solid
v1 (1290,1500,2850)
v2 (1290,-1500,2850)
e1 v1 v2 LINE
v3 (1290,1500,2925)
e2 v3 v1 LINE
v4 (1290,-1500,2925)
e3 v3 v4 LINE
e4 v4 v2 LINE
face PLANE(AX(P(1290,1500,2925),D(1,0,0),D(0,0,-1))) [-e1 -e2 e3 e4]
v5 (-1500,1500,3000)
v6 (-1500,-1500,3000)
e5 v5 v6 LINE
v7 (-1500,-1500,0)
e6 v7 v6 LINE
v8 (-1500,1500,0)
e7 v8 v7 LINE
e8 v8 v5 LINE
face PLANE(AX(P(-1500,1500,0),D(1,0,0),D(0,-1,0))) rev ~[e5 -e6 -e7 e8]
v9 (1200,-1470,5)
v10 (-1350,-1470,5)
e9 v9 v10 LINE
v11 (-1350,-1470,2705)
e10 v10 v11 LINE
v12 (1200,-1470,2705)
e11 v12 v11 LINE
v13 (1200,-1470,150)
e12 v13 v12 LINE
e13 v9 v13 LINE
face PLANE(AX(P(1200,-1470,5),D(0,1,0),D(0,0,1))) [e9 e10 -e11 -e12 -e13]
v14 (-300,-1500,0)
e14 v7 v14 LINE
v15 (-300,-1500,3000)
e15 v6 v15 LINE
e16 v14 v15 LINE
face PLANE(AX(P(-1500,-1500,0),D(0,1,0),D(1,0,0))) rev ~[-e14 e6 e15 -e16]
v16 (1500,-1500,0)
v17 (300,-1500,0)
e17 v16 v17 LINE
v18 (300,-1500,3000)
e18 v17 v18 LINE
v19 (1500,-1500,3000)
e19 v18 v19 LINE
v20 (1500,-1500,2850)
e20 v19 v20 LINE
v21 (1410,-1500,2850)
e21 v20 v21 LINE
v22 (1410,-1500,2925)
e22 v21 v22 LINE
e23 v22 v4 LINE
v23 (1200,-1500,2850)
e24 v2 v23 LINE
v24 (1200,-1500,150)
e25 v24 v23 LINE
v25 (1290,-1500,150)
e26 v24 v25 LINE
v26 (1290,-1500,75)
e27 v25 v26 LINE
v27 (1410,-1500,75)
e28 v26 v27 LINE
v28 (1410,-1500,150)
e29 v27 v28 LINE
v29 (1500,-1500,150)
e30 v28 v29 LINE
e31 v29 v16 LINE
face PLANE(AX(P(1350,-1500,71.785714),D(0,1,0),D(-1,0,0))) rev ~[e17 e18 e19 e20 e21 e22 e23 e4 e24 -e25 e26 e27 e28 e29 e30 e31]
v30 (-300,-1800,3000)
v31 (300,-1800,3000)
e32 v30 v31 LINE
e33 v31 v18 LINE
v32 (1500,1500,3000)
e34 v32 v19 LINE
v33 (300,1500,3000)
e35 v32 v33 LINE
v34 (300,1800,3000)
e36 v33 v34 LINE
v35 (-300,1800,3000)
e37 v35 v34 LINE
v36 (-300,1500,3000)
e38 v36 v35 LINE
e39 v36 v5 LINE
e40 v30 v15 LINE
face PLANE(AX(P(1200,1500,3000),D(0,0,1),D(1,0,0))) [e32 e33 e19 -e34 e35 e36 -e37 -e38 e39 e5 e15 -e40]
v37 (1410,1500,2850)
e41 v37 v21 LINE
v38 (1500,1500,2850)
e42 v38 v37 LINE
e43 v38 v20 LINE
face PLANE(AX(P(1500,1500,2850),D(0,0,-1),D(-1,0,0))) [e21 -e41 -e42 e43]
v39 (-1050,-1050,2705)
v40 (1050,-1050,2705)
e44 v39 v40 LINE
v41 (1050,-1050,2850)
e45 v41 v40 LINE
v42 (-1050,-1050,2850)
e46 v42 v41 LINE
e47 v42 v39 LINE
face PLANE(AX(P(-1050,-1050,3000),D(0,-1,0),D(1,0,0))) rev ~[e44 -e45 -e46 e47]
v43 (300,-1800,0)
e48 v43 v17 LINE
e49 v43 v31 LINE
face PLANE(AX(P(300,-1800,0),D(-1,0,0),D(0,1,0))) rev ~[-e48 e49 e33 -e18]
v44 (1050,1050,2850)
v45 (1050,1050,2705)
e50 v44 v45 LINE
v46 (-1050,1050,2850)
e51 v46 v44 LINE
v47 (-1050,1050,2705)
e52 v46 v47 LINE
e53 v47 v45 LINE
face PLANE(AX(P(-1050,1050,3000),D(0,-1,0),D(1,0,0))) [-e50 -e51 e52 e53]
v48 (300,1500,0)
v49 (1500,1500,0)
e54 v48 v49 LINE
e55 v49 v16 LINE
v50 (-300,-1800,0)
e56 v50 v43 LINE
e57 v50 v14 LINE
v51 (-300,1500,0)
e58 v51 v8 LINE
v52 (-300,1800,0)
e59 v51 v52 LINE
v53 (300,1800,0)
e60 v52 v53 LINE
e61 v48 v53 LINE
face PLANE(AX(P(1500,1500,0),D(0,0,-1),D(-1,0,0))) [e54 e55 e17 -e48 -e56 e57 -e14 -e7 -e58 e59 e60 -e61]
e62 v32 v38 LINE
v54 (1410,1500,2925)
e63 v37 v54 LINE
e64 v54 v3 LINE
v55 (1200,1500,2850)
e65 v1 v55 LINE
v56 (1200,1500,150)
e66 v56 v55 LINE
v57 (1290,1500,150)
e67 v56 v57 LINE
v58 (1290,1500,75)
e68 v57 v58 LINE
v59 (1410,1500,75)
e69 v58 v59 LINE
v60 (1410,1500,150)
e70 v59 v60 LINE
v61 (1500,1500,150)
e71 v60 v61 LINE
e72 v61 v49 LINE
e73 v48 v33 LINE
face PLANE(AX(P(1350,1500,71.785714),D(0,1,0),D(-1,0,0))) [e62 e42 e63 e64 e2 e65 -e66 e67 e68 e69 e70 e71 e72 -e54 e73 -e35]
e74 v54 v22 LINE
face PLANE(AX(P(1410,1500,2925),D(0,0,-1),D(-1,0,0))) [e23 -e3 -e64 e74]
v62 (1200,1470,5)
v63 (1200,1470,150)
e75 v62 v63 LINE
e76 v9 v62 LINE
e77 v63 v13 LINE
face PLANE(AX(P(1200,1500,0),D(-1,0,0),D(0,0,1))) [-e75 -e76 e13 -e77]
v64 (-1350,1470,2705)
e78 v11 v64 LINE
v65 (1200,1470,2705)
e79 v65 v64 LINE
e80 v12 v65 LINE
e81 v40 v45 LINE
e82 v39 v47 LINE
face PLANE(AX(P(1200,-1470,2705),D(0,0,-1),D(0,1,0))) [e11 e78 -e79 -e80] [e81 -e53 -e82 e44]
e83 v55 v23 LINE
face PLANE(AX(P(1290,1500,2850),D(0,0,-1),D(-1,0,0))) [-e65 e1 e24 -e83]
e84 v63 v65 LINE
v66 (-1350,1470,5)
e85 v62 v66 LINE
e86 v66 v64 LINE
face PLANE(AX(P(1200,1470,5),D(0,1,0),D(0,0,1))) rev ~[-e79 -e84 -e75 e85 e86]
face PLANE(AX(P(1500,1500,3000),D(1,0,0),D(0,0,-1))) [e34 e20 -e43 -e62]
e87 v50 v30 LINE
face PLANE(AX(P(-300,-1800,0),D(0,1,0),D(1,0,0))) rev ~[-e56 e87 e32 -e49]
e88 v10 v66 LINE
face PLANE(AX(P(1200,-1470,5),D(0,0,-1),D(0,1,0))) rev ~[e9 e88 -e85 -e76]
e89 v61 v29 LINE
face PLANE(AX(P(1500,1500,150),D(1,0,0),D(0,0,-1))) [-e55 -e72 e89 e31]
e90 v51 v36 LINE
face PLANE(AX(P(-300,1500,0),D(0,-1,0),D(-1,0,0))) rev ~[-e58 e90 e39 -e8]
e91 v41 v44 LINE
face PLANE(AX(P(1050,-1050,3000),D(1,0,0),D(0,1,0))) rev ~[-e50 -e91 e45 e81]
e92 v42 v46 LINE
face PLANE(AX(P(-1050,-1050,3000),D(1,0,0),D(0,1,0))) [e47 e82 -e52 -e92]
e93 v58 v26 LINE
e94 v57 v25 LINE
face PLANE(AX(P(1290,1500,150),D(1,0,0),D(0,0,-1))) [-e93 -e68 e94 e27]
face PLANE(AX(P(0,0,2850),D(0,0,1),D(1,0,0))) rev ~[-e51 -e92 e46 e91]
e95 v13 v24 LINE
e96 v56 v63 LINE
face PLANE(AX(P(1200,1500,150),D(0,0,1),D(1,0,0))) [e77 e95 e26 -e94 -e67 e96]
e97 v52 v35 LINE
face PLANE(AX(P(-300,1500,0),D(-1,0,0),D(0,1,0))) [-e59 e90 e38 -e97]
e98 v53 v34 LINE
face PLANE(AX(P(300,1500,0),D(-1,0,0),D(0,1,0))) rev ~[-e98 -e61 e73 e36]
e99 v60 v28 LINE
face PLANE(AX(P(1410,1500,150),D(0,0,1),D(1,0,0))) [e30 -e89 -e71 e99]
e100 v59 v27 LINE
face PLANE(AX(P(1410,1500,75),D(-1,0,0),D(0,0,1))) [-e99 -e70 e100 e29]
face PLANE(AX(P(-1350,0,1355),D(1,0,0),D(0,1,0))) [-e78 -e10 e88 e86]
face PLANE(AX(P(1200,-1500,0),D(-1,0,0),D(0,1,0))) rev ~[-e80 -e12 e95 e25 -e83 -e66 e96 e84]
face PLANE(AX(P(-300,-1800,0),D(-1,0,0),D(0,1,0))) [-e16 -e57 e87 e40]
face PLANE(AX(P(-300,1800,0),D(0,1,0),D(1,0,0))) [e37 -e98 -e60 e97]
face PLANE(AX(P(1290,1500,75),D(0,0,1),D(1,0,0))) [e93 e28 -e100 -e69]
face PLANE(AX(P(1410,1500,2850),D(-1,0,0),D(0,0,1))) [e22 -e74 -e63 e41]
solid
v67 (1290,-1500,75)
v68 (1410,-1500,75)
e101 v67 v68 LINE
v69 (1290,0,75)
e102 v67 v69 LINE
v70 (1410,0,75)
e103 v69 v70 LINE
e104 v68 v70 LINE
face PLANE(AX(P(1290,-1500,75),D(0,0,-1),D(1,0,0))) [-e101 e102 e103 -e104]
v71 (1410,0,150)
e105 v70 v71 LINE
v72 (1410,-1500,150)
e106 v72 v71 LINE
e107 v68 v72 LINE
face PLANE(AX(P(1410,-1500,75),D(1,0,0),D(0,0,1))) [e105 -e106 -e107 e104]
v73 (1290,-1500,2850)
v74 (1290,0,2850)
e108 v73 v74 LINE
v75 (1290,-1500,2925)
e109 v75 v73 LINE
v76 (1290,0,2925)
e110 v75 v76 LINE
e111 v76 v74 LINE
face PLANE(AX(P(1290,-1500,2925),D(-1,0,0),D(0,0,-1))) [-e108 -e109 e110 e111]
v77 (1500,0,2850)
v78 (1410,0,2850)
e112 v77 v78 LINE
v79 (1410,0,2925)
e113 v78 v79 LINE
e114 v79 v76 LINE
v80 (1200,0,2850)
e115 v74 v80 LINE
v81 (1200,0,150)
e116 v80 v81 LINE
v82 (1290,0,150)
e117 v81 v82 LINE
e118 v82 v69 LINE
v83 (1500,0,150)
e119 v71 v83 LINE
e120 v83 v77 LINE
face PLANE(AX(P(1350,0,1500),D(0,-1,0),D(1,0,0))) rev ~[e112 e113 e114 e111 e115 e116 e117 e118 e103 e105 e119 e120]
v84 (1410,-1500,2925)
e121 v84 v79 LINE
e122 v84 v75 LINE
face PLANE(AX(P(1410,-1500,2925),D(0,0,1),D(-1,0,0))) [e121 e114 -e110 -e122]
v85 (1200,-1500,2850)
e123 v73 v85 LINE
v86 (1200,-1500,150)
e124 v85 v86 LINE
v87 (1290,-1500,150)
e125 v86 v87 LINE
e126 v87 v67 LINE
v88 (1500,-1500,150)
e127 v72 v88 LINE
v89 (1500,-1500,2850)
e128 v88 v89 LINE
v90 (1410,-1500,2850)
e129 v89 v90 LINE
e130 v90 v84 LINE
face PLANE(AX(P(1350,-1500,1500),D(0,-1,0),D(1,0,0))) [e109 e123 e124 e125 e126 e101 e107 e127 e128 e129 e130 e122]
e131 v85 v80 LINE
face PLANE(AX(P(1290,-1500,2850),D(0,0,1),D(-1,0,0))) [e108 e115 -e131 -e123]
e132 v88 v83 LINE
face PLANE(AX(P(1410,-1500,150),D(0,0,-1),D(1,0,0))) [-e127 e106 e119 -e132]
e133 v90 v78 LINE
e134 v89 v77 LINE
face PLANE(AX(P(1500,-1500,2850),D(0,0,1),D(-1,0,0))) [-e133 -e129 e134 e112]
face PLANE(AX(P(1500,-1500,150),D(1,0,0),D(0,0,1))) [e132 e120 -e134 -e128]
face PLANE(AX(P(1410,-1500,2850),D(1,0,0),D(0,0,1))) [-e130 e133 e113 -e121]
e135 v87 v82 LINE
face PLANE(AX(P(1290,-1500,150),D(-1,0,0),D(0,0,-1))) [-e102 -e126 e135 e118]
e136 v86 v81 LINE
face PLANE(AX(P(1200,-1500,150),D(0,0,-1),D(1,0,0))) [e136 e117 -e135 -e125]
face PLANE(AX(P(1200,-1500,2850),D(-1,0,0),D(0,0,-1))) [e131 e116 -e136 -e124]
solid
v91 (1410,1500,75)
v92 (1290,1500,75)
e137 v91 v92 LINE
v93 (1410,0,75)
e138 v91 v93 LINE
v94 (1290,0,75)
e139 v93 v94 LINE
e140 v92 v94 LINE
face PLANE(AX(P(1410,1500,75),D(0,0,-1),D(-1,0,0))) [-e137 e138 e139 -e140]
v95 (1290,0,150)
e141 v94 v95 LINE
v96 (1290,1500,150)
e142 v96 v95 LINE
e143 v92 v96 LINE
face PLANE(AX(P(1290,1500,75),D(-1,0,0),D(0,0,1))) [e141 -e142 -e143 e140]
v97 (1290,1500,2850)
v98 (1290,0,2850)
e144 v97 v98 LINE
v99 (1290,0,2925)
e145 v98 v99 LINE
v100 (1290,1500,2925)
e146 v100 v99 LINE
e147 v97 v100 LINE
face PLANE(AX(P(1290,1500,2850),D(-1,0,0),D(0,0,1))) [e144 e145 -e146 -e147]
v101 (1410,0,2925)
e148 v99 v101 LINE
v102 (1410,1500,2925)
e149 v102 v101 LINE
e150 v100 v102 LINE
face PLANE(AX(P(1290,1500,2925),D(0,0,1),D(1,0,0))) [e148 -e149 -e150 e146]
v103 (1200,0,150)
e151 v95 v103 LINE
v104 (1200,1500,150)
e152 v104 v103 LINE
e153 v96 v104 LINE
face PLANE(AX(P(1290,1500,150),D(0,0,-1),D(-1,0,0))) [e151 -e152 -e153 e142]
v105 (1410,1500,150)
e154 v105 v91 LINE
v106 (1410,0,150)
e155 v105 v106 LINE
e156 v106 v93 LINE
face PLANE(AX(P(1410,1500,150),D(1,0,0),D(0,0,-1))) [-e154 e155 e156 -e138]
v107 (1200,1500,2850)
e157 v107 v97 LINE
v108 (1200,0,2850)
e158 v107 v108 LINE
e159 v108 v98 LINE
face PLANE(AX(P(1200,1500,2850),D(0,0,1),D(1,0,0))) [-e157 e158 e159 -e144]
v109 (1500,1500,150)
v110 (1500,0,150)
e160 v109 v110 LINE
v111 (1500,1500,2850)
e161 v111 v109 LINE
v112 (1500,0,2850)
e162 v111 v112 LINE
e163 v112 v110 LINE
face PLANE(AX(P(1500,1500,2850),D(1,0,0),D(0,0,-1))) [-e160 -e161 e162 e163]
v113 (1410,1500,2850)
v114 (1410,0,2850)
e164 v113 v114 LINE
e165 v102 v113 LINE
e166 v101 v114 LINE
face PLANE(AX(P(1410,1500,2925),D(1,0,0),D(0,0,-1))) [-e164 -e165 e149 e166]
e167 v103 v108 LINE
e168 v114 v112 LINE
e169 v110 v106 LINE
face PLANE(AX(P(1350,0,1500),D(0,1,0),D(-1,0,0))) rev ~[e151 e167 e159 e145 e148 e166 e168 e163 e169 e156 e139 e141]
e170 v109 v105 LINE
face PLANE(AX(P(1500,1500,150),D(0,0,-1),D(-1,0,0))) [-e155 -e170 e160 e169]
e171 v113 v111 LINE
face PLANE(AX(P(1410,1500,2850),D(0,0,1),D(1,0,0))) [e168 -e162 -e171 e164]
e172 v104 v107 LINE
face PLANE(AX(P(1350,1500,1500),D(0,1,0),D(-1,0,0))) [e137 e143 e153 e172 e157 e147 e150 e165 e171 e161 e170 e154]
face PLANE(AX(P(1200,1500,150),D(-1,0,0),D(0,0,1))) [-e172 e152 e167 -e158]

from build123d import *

# Parameters (mm, degrees)
F0_W      = 600
F0_H      = 300
F1_DEPTH  = 3000
F2_W      = 2100
F2_H      = 2100
F3_DEPTH  = 3000
F4_W      = 2100
F4_H      = 2100
F5_DEPTH  = 150
F6_W      = 2100
F6_H      = 2100
F7_DEPTH  = 150
F9_DEPTH  = 3000
F10_W     = 2940
F10_H     = 2700
F11_DEPTH = 2550
F13_DEPTH = 3000
F15_DEPTH = 1500
F17_DEPTH = 1500


with BuildPart() as f1:
    # F0 (on Top) → F1 (new body)
    with BuildSketch(Plane.XY):
        Polygon((-300, 1500), (-1500, 1500), (-1500, -1500), (-300, -1500), (300, -1500), (1200, -1500), (1200, 1500), (300, 1500), align=None)
        with Locations((0, 1650)):
            Rectangle(F0_W, F0_H)
        with Locations((0, -1650)):
            Rectangle(F0_W, F0_H)
    extrude(amount=F1_DEPTH)

    # F2 (on face) → F3 (cut)
    with BuildSketch(Plane.XY.offset(3000)):
        Rectangle(F2_W, F2_H)
    extrude(amount=-F3_DEPTH, mode=Mode.SUBTRACT)

    # F4 (on Top) → F5 (join)
    with BuildSketch(Plane.XY):
        Rectangle(F4_W, F4_H)
    extrude(amount=F5_DEPTH)

    # F6 (on face) → F7 (join)
    with BuildSketch(Plane.XY.offset(3000)):
        Rectangle(F6_W, F6_H)
    extrude(amount=-F7_DEPTH)

    # F8 (on face) → F9 (join)
    with BuildSketch(Plane(origin=(0, 1500, 0), x_dir=(-1, 0, 0), z_dir=(0, 1, 0))):
        Polygon((-1200, 2850), (-1200, 3000), (-1500, 3000), (-1500, 2850), (-1410, 2850), (-1410, 2925), (-1290, 2925), (-1290, 2850), align=None)
    extrude(amount=-F9_DEPTH)

    # F10 (on face) → F11 (cut)
    with BuildSketch(Plane.YZ.offset(1200)):
        with Locations((0, 1355)):
            Rectangle(F10_W, F10_H)
    extrude(amount=-F11_DEPTH, mode=Mode.SUBTRACT)

    # F12 (on face) → F13 (join)
    with BuildSketch(Plane(origin=(0, 1500, 0), x_dir=(-1, 0, 0), z_dir=(0, 1, 0))):
        Polygon((-1500, 0), (-1200, 0), (-1200, 150), (-1290, 150), (-1290, 75), (-1410, 75), (-1410, 150), (-1500, 150), align=None)
    extrude(amount=-F13_DEPTH)


with BuildPart() as f15:
    # F14 (on face) → F15 (new body)
    with BuildSketch(Plane(origin=(0, 1500, 0), x_dir=(-1, 0, 0), z_dir=(0, 1, 0))):
        Polygon((-1410, 2850), (-1500, 2850), (-1500, 150), (-1410, 150), (-1410, 75), (-1290, 75), (-1290, 150), (-1200, 150), (-1200, 2850), (-1290, 2850), (-1290, 2925), (-1410, 2925), align=None)
    extrude(amount=-F15_DEPTH)


with BuildPart() as f17:
    # F16 (on face) → F17 (new body)
    with BuildSketch(Plane.XZ.offset(1500)):
        Polygon((1290, 2850), (1200, 2850), (1200, 150), (1290, 150), (1290, 75), (1410, 75), (1410, 150), (1500, 150), (1500, 2850), (1410, 2850), (1410, 2925), (1290, 2925), align=None)
    extrude(amount=-F17_DEPTH)


solid = Compound([f1.part, f15.part, f17.part])
